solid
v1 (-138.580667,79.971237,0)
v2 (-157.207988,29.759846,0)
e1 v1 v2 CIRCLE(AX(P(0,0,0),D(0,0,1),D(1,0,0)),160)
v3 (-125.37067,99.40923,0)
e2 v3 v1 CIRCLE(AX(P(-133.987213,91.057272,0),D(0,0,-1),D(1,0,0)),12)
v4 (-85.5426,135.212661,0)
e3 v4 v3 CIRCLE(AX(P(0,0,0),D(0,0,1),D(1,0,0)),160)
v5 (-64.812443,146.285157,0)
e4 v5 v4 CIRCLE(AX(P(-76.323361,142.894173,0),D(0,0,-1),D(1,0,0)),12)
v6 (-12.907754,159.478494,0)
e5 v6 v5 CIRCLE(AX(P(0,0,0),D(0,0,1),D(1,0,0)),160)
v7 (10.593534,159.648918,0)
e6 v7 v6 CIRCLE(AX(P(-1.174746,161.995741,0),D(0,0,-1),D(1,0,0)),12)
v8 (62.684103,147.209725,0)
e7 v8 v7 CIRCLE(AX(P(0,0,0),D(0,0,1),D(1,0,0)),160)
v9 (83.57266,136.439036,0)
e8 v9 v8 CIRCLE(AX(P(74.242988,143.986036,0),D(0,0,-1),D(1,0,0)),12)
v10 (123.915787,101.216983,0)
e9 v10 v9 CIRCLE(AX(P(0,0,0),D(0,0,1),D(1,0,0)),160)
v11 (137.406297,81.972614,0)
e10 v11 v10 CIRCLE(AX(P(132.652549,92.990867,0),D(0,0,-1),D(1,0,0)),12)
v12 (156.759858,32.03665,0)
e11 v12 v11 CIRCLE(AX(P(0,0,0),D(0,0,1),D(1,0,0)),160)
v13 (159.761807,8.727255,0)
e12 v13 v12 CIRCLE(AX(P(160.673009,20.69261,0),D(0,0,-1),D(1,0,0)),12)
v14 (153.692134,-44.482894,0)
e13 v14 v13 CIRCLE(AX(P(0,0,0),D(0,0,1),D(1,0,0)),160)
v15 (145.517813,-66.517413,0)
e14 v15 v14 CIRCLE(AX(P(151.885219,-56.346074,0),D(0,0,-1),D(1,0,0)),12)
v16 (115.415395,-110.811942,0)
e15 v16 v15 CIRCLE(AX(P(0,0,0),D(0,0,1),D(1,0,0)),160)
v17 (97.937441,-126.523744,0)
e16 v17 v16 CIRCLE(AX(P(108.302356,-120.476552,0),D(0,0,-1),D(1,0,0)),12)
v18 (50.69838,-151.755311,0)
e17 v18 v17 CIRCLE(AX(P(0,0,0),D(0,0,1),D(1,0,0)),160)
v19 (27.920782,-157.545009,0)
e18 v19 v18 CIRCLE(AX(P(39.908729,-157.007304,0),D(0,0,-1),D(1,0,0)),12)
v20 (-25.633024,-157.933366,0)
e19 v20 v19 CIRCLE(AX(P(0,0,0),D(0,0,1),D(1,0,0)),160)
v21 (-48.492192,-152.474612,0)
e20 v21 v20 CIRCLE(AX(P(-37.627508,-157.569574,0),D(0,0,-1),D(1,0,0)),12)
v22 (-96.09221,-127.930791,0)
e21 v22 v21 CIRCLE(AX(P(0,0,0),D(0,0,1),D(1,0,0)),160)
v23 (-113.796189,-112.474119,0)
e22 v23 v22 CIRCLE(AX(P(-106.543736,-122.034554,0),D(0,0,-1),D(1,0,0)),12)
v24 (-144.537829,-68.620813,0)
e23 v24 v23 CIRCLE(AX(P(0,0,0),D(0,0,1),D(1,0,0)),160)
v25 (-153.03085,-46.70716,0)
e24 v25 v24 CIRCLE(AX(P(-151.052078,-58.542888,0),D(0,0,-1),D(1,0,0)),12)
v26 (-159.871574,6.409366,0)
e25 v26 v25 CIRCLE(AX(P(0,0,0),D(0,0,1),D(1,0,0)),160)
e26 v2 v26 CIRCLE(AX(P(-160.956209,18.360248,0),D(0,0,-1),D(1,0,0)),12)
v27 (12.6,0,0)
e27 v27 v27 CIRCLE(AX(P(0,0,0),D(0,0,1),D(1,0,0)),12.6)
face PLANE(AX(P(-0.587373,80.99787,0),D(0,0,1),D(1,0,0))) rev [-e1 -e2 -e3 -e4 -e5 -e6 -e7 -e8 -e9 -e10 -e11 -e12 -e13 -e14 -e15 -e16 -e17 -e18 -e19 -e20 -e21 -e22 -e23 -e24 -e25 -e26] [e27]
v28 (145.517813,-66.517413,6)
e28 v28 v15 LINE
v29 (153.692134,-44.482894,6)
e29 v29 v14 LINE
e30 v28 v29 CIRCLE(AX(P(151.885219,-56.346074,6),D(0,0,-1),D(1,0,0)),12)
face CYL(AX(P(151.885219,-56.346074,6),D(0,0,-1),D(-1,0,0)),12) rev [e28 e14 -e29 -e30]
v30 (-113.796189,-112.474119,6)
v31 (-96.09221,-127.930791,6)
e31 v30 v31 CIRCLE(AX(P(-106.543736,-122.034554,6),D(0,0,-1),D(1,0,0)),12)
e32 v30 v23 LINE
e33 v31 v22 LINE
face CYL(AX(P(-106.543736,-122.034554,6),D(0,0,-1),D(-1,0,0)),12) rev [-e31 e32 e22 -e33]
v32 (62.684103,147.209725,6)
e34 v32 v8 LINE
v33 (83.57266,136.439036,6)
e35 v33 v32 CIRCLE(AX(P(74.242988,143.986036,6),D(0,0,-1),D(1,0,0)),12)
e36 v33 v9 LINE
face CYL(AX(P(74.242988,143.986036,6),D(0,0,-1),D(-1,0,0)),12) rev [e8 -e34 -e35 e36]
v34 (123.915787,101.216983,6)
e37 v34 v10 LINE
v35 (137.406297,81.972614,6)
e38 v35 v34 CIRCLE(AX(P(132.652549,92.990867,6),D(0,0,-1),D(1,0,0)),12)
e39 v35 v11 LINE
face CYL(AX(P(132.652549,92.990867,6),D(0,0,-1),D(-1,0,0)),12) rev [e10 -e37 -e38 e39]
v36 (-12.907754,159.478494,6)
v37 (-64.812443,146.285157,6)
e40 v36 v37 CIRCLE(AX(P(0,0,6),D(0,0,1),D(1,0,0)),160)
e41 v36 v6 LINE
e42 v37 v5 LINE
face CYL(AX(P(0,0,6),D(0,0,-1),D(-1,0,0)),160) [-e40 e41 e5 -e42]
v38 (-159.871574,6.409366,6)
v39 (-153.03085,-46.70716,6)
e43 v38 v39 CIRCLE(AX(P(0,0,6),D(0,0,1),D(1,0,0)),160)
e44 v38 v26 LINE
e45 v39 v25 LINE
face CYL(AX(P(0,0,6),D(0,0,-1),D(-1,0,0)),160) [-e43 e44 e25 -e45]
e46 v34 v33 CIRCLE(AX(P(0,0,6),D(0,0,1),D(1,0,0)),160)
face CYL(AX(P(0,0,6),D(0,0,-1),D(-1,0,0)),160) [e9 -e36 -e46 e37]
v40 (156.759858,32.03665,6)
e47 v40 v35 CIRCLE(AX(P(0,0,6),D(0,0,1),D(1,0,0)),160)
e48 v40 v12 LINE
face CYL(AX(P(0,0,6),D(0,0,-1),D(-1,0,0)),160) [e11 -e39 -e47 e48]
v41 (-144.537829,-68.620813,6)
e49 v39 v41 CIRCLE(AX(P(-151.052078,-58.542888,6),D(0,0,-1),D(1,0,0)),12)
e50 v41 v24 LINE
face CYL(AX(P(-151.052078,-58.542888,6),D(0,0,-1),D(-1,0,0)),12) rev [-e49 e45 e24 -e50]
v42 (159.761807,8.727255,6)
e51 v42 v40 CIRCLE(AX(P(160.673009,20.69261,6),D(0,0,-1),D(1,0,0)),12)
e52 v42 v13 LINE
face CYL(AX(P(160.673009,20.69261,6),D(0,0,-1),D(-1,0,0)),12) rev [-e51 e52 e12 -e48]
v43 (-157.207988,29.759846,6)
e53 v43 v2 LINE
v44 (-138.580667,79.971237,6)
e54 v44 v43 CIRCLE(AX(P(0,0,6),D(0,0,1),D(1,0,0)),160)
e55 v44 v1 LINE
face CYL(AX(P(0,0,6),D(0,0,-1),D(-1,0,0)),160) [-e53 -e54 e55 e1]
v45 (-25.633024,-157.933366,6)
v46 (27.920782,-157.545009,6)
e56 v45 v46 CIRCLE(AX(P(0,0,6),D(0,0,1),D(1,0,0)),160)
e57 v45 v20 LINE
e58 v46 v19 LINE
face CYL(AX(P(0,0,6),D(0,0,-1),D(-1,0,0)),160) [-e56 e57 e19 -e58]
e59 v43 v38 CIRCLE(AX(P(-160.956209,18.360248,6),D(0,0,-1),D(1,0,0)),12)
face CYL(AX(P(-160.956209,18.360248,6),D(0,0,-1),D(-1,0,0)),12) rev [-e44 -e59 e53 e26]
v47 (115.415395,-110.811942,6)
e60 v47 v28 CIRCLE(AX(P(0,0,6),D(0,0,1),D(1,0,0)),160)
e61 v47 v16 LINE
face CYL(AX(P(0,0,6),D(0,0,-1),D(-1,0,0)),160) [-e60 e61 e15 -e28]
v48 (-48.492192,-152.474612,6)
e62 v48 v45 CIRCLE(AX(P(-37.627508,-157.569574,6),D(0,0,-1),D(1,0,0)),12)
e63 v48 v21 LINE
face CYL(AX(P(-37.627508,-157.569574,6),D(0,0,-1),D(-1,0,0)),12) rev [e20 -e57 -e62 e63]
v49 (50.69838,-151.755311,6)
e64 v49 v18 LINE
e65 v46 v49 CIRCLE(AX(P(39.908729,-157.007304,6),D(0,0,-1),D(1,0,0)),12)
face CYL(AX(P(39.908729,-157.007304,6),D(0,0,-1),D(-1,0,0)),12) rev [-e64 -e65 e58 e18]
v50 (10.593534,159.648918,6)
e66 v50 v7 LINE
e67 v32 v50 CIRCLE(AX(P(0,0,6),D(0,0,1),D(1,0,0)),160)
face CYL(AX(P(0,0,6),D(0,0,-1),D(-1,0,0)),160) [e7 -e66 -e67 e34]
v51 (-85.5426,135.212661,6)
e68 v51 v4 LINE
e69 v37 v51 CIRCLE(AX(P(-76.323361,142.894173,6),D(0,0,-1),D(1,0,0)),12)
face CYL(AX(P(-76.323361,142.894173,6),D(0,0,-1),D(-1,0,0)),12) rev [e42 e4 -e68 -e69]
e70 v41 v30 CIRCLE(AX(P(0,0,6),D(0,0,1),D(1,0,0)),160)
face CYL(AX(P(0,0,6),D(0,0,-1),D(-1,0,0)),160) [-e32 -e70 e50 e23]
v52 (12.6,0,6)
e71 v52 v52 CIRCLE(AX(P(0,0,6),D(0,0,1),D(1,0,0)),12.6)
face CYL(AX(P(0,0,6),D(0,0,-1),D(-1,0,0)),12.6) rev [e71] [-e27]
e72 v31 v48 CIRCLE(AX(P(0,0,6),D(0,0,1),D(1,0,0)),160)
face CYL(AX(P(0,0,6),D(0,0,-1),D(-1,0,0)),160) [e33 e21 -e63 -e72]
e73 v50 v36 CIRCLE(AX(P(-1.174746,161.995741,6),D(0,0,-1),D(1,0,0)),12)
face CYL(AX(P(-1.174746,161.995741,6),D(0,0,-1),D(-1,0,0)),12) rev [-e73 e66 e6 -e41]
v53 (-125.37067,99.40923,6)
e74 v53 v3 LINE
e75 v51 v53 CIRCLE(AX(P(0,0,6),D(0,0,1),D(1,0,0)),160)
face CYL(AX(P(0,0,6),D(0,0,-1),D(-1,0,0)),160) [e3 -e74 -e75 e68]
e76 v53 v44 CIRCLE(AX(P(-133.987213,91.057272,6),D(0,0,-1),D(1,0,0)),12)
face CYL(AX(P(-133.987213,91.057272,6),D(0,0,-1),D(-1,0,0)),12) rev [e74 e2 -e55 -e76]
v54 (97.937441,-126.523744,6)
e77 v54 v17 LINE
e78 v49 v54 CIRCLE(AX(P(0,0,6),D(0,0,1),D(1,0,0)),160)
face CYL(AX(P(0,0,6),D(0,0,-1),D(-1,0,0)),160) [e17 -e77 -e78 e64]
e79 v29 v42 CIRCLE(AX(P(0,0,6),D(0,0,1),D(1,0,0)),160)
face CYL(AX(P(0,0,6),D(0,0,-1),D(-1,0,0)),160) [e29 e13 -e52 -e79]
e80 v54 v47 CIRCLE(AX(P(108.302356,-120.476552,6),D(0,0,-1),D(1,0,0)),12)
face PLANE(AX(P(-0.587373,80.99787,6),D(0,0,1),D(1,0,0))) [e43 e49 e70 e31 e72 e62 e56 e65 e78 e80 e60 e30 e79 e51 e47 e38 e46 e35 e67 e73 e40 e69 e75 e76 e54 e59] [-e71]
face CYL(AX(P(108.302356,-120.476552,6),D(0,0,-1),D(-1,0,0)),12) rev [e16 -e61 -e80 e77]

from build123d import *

# Parameters (mm, degrees)
ESQUISSE1_R        = 12.6
BOSS_EXTRU_1_DEPTH = 6


with BuildPart() as part:
    # Esquisse1 → Boss.-Extru.1 (new body)
    with BuildSketch(Plane.XY):
        with BuildLine():
            ThreePointArc((-85.542599785, 135.212660731), (-106.965290191, 118.9891873), (-125.370670455, 99.409229902))
            ThreePointArc((-125.370670455, 99.409229902), (-124.062234057, 84.312289025), (-138.580667025, 79.971236872))
            ThreePointArc((-138.580667025, 79.971236872), (-150.010093296, 55.650443927), (-157.207988245, 29.759845967))
            ThreePointArc((-157.207988245, 29.759845967), (-149.0335271, 17.000229412), (-159.871573528, 6.409366404))
            ThreePointArc((-159.871573528, 6.409366404), (-158.689391845, -20.43714549), (-153.03085049, -46.707160034))
            ThreePointArc((-153.03085049, -46.707160034), (-139.863035133, -54.206377884), (-144.537829197, -68.620812667))
            ThreePointArc((-144.537829197, -68.620812667), (-131.014863137, -91.84283117), (-113.796189109, -112.474118553))
            ThreePointArc((-113.796189109, -112.474118553), (-98.651607349, -112.994957265), (-96.092210067, -127.930790526))
            ThreePointArc((-96.092210067, -127.930790526), (-73.326408184, -142.208431054), (-48.492192196, -152.474611972))
            ThreePointArc((-48.492192196, -152.474611972), (-34.840285202, -145.897753674), (-25.633023647, -157.933366008))
            ThreePointArc((-25.633023647, -157.933366008), (1.160243205, -159.995793181), (27.920781555, -157.545009306))
            ThreePointArc((27.920781555, -157.545009306), (36.952526413, -145.377132974), (50.698379579, -151.755310642))
            ThreePointArc((50.698379579, -151.755310642), (75.381096858, -141.130047249), (97.937440733, -126.523743632))
            ThreePointArc((97.937440733, -126.523743632), (100.279959554, -111.552363094), (115.415395025, -110.811942457))
            ThreePointArc((115.415395025, -110.811942457), (132.333049661, -89.933108294), (145.517812514, -66.517413067))
            ThreePointArc((145.517812514, -66.517413067), (140.634462465, -52.172291181), (153.692134377, -44.482893684))
            ThreePointArc((153.692134377, -44.482893684), (158.969095574, -18.13357804), (159.761807127, 8.727255209))
            ThreePointArc((159.761807127, 8.727255209), (148.771304855, 19.159823897), (156.759857935, 32.036649955))
            ThreePointArc((156.759857935, 32.036649955), (149.187237475, 57.82013641), (137.406297066, 81.972614492))
            ThreePointArc((137.406297066, 81.972614492), (122.826434191, 86.102654221), (123.9157872, 101.216983173))
            ThreePointArc((123.9157872, 101.216983173), (105.228381173, 120.527954416), (83.572660273, 136.439035672))
            ThreePointArc((83.572660273, 136.439035672), (68.743507673, 133.320404113), (62.684102965, 147.209725343))
            ThreePointArc((62.684102965, 147.209725343), (37.162970883, 155.624270585), (10.59353417, 159.648918048))
            ThreePointArc((10.59353417, 159.648918048), (-1.087728004, 149.996056107), (-12.907753834, 159.478493506))
            ThreePointArc((-12.907753834, 159.478493506), (-39.416028174, 155.068941839), (-64.812442944, 146.285157277))
            ThreePointArc((-64.812442944, 146.285157277), (-70.669778304, 132.309419296), (-85.542599785, 135.212660731))
        make_face()
        Circle(ESQUISSE1_R, mode=Mode.SUBTRACT)
    extrude(amount=BOSS_EXTRU_1_DEPTH)


solid = part.part
